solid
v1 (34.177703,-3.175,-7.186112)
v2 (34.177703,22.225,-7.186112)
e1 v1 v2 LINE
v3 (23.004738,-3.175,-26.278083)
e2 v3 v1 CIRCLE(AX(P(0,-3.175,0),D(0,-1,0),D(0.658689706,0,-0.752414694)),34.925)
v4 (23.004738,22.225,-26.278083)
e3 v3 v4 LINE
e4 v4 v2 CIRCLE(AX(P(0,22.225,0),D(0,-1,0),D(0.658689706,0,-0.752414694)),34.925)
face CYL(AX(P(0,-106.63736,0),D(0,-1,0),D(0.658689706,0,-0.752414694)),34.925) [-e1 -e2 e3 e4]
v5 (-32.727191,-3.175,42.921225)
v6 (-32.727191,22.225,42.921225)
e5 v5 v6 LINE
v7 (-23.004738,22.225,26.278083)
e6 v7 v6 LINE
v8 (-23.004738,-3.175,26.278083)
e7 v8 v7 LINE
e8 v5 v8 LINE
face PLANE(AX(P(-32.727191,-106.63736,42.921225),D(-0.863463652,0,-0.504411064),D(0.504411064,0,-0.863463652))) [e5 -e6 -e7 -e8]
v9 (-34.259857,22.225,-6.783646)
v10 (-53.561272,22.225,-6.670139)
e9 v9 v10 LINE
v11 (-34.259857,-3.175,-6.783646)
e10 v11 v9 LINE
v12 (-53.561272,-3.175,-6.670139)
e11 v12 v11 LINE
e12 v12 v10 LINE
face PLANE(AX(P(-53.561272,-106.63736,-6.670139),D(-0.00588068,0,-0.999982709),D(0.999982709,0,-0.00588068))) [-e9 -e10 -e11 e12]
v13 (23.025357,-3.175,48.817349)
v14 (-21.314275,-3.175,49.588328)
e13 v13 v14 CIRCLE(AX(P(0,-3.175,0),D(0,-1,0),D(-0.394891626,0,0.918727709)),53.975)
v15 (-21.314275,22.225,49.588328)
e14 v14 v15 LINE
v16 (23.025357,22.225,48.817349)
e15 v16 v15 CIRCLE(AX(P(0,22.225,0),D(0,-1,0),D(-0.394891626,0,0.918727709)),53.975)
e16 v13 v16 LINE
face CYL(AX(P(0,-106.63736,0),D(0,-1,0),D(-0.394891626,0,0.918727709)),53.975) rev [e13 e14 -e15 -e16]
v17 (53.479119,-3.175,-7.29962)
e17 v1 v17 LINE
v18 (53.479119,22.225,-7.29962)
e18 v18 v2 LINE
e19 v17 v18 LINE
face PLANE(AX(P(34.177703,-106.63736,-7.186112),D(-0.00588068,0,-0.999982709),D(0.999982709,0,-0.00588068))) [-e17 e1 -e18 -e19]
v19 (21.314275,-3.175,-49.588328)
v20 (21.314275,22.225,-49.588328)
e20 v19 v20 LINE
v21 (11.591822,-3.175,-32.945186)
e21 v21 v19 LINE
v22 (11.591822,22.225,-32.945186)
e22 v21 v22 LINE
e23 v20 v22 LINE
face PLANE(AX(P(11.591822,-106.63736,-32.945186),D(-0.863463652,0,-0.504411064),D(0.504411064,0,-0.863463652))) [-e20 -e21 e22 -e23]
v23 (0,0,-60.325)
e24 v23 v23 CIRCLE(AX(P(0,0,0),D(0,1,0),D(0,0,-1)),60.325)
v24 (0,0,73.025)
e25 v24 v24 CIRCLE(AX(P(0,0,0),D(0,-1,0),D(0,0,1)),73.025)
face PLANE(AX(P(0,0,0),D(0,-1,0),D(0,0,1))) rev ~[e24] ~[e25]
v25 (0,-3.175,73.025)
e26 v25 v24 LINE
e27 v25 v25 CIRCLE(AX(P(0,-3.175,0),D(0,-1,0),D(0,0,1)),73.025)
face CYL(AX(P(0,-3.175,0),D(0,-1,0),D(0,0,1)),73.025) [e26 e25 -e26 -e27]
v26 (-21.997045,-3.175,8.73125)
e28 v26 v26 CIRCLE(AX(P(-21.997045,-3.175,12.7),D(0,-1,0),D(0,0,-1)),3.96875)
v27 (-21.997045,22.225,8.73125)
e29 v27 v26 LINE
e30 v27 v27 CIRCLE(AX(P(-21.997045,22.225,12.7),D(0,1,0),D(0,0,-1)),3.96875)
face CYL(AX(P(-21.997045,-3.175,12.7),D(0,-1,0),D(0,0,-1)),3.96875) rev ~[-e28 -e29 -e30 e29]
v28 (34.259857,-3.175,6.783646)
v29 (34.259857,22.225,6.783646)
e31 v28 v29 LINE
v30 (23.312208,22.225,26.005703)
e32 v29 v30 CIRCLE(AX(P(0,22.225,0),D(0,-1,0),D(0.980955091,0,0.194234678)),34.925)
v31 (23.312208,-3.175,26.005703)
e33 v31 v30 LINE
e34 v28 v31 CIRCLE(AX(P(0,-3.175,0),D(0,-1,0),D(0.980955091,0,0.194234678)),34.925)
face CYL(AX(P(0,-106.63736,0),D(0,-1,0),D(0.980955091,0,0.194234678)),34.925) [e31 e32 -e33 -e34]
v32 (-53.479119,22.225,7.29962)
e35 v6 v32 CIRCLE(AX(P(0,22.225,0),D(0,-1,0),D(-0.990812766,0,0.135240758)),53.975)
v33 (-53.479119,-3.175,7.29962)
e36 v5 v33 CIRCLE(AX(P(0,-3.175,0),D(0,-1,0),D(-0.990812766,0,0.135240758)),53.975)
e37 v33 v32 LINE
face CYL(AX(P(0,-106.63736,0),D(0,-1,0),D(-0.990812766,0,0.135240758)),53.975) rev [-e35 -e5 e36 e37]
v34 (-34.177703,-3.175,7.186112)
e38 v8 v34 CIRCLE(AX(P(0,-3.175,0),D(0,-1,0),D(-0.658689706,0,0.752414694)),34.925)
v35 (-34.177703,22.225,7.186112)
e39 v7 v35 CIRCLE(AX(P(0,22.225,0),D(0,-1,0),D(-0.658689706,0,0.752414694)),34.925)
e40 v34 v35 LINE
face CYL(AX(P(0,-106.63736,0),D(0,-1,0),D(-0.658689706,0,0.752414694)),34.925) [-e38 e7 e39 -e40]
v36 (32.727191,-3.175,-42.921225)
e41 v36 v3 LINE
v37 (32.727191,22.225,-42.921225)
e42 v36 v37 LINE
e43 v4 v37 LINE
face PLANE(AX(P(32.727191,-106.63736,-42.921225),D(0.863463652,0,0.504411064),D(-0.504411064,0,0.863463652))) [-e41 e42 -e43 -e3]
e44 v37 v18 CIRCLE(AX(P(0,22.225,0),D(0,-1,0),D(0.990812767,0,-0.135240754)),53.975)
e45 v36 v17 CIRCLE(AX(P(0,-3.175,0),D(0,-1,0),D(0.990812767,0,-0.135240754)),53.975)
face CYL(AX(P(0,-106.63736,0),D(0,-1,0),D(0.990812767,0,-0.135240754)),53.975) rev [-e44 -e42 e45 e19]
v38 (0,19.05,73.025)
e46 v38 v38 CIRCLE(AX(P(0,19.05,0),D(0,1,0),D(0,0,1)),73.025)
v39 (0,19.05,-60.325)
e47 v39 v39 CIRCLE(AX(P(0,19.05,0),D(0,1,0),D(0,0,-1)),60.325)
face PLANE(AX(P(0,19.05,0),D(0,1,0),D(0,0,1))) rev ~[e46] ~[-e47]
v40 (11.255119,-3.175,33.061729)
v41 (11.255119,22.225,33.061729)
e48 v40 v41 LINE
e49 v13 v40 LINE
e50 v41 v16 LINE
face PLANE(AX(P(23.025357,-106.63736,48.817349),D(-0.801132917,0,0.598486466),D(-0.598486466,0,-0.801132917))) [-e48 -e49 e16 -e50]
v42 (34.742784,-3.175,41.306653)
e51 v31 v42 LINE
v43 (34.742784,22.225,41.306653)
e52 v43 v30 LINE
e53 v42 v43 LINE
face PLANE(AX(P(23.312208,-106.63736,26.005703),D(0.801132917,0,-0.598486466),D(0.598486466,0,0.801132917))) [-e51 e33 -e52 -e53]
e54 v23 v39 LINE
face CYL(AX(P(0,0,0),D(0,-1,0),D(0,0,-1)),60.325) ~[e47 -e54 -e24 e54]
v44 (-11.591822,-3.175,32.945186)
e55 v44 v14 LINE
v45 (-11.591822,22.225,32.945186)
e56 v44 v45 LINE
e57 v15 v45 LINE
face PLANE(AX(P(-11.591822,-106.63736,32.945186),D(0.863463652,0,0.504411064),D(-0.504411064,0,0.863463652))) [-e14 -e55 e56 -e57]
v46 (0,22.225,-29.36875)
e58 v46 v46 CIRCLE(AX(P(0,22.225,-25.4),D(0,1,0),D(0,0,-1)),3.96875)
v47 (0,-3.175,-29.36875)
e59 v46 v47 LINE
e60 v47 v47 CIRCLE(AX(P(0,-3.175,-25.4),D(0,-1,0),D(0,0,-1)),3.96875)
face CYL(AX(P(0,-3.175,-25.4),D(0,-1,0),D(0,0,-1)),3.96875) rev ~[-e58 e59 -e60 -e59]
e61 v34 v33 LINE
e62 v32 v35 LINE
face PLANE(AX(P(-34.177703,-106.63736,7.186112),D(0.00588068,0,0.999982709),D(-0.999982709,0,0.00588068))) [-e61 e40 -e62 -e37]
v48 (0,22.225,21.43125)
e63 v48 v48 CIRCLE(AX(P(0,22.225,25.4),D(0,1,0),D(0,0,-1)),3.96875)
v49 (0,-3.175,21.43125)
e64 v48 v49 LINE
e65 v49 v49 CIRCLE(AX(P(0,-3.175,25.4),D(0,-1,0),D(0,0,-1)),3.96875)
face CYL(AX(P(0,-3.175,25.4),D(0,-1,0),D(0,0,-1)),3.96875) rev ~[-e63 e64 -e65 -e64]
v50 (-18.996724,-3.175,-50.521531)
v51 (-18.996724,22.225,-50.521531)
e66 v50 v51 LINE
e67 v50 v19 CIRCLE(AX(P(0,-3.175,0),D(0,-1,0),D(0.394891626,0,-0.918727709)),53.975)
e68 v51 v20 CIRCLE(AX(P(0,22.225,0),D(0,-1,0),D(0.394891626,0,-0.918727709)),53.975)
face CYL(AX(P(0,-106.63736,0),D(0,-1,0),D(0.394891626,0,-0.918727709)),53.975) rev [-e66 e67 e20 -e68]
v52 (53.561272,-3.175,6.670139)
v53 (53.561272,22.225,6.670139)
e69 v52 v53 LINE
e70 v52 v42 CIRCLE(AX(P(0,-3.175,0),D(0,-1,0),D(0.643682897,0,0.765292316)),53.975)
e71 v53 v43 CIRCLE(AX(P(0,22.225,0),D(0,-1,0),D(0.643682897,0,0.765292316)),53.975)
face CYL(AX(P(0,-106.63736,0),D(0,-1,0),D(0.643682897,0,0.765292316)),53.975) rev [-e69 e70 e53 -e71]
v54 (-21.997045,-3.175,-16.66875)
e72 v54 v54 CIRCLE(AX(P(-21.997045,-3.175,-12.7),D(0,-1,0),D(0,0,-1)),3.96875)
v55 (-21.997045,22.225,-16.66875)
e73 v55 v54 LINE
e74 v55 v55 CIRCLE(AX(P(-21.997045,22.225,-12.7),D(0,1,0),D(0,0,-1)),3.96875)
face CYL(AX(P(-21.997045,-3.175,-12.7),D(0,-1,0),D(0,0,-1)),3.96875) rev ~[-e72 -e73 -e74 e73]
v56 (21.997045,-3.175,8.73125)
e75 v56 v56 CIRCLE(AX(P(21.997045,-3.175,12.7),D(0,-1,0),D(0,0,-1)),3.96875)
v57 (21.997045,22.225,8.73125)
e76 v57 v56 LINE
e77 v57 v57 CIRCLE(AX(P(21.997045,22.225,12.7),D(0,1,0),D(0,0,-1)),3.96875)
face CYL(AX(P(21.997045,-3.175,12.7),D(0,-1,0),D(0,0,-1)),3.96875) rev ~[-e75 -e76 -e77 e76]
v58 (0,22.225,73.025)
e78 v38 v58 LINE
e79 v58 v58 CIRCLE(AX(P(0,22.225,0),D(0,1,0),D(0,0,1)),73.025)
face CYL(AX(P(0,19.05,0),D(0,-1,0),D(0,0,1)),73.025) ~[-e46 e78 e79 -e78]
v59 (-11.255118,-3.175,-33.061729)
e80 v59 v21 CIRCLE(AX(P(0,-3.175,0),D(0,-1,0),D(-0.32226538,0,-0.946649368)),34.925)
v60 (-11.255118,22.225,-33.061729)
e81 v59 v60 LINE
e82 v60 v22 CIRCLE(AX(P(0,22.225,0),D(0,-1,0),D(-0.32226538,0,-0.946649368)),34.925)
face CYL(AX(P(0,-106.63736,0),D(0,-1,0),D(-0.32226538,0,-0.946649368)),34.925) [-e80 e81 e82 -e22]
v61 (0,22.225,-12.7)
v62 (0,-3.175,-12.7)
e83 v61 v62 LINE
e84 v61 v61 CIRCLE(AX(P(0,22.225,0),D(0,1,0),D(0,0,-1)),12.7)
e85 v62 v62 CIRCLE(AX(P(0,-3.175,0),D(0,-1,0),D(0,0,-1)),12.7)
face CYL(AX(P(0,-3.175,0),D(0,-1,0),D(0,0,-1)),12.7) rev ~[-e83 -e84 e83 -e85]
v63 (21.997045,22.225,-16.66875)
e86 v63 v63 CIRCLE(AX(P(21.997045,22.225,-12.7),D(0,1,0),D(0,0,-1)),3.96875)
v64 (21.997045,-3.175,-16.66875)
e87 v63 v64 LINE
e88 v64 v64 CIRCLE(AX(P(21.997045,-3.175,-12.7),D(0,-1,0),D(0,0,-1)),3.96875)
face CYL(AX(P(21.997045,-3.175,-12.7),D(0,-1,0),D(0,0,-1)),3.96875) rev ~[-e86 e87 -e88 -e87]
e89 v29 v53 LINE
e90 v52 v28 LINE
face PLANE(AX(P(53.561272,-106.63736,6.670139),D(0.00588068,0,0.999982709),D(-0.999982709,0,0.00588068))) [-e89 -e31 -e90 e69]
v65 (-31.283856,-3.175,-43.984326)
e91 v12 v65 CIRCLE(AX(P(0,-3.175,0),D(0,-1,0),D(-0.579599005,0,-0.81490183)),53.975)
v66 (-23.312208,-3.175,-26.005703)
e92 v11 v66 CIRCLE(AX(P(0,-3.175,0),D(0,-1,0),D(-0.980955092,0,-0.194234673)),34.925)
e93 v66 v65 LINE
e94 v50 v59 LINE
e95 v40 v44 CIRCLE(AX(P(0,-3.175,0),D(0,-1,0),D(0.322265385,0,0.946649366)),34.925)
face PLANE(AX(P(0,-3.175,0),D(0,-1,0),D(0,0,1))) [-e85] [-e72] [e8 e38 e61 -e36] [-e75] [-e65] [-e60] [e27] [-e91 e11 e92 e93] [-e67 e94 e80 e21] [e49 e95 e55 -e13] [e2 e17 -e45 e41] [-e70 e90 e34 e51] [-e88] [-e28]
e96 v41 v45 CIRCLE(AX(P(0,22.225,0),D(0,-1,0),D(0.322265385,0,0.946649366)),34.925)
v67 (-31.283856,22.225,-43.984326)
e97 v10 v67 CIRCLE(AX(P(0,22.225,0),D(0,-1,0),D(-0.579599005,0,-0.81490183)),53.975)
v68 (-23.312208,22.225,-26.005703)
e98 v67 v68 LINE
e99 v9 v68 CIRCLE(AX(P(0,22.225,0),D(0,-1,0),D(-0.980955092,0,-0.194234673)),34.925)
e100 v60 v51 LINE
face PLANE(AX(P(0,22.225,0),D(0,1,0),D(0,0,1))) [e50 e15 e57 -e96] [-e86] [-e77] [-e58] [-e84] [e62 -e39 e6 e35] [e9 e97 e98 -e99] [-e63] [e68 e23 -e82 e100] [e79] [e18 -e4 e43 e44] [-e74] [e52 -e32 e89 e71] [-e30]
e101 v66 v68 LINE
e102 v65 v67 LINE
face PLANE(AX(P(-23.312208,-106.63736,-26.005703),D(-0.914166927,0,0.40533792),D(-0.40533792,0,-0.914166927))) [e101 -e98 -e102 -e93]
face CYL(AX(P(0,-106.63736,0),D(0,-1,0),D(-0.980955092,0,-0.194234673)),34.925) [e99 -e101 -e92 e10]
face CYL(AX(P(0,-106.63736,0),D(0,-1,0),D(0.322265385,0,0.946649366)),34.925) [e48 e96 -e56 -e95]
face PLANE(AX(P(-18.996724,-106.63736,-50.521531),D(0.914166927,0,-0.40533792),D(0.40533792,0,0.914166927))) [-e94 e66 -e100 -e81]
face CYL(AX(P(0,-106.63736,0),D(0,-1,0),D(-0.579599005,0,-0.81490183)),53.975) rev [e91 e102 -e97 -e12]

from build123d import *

# Parameters (mm, degrees)
SKETCH2_R               = 60.325
SKETCH2_R_2             = 3.96875
SKETCH2_R_3             = 12.7
BOSS_EXTRUDE1_DEPTH     = 19.05
SKETCH3_R               = 73.025
SKETCH3_R_2             = 3.96875
SKETCH3_R_3             = 12.7
BOSS_EXTRUDE2_DEPTH     = 3.175
BOSS_EXTRUDE3_START     = 3.175
SKETCH4_R               = 73.025
SKETCH4_R_2             = 12.7
SKETCH4_R_3             = 3.96875
BOSS_EXTRUDE3_DEPTH     = 3.175
CUT_EXTRUDE1_DEPTH      = 106.637360224
CUT_EXTRUDE1_DEPTH_BACK = 106.637360224


with BuildPart() as part:
    # Sketch2 → Boss-Extrude1 (new body)
    with BuildSketch(Plane(origin=(0, 0, 0), x_dir=(1, 0, 0), z_dir=(0, 1, 0))):
        with Locations(Location((0, 0, 0), (0, 0, 90))):
            Circle(SKETCH2_R)
        with Locations(Location((0, 25.4, 0), (0, 0, 90))):
            Circle(SKETCH2_R_2, mode=Mode.SUBTRACT)
        with Locations(Location((21.997045256, 12.7, 0), (0, 0, 90))):
            Circle(SKETCH2_R_2, mode=Mode.SUBTRACT)
        with Locations(Location((21.997045256, -12.7, 0), (0, 0, 90))):
            Circle(SKETCH2_R_2, mode=Mode.SUBTRACT)
        with Locations(Location((0, -25.4, 0), (0, 0, 90))):
            Circle(SKETCH2_R_2, mode=Mode.SUBTRACT)
        with Locations(Location((-21.997045256, -12.7, 0), (0, 0, 90))):
            Circle(SKETCH2_R_2, mode=Mode.SUBTRACT)
        with Locations(Location((-21.997045256, 12.7, 0), (0, 0, 90))):
            Circle(SKETCH2_R_2, mode=Mode.SUBTRACT)
        with Locations(Location((0, 0, 0), (0, 0, 90))):
            Circle(SKETCH2_R_3, mode=Mode.SUBTRACT)
    extrude(amount=BOSS_EXTRUDE1_DEPTH)

    # Sketch3 → Boss-Extrude2 (add)
    with BuildSketch(Plane(origin=(0, 19.05, 0), x_dir=(1, 0, 0), z_dir=(0, 1, 0))):
        with Locations(Location((0, 0, 0), (0, 0, 270))):
            Circle(SKETCH3_R)
        with Locations(Location((0, 25.4, 0), (0, 0, 90))):
            Circle(SKETCH3_R_2, mode=Mode.SUBTRACT)
        with Locations(Location((21.997045256, 12.7, 0), (0, 0, 90))):
            Circle(SKETCH3_R_2, mode=Mode.SUBTRACT)
        with Locations(Location((21.997045256, -12.7, 0), (0, 0, 90))):
            Circle(SKETCH3_R_2, mode=Mode.SUBTRACT)
        with Locations(Location((0, -25.4, 0), (0, 0, 90))):
            Circle(SKETCH3_R_2, mode=Mode.SUBTRACT)
        with Locations(Location((-21.997045256, -12.7, 0), (0, 0, 90))):
            Circle(SKETCH3_R_2, mode=Mode.SUBTRACT)
        with Locations(Location((0, 0, 0), (0, 0, 90))):
            Circle(SKETCH3_R_3, mode=Mode.SUBTRACT)
        with Locations(Location((-21.997045256, 12.7, 0), (0, 0, 90))):
            Circle(SKETCH3_R_2, mode=Mode.SUBTRACT)
    extrude(amount=BOSS_EXTRUDE2_DEPTH)

    # Sketch4 → Boss-Extrude3 (add)
    with BuildSketch(Plane.XZ.offset(BOSS_EXTRUDE3_START)):
        with Locations(Location((0, 0, 0), (0, 0, 90))):
            Circle(SKETCH4_R)
        with Locations(Location((0, 0, 0), (0, 0, 270))):
            Circle(SKETCH4_R_2, mode=Mode.SUBTRACT)
        with Locations(Location((-21.997045256, -12.7, 0), (0, 0, 270))):
            Circle(SKETCH4_R_3, mode=Mode.SUBTRACT)
        with Locations(Location((0, -25.4, 0), (0, 0, 270))):
            Circle(SKETCH4_R_3, mode=Mode.SUBTRACT)
        with Locations(Location((21.997045256, -12.7, 0), (0, 0, 270))):
            Circle(SKETCH4_R_3, mode=Mode.SUBTRACT)
        with Locations(Location((21.997045256, 12.7, 0), (0, 0, 270))):
            Circle(SKETCH4_R_3, mode=Mode.SUBTRACT)
        with Locations(Location((0, 25.4, 0), (0, 0, 270))):
            Circle(SKETCH4_R_3, mode=Mode.SUBTRACT)
        with Locations(Location((-21.997045256, 12.7, 0), (0, 0, 270))):
            Circle(SKETCH4_R_3, mode=Mode.SUBTRACT)
    extrude(amount=-BOSS_EXTRUDE3_DEPTH)

    # Sketch6 → Cut-Extrude1 (cut, two sides: drawn at the far end of the back side and taken through both)
    with BuildSketch(Plane(origin=(0, 0, 0), x_dir=(1, 0, 0), z_dir=(0, 1, 0)).offset(-CUT_EXTRUDE1_DEPTH_BACK)):
        with BuildLine():
            ThreePointArc((21.314275493, 49.588328115), (1.249191015, 53.960542499), (-18.996723984, 50.521531082))
            Line((-18.996723984, 50.521531082), (-11.255118383, 33.061729162))
            ThreePointArc((-11.255118383, 33.061729162), (0.178151467, 34.924545624), (11.591822226, 32.945186029))
            Line((11.591822226, 32.945186029), (21.314275493, 49.588328115))
        make_face()
        with BuildLine():
            ThreePointArc((-31.283856312, 43.984326291), (-46.343943604, 27.668384778), (-53.561272173, 6.670138541))
            Line((-53.561272173, 6.670138541), (-34.259856576, 6.783645952))
            ThreePointArc((-34.259856576, 6.783645952), (-30.348105608, 17.284331372), (-23.312207546, 26.005703304))
            Line((-23.312207546, 26.005703304), (-31.283856312, 43.984326291))
        make_face()
        with BuildLine():
            ThreePointArc((-53.47911905, -7.299619899), (-46.638038937, -27.169724863), (-32.727191245, -42.921225264))
            Line((-32.727191245, -42.921225264), (-23.004737979, -26.278083178))
            ThreePointArc((-23.004737979, -26.278083178), (-30.1427228, -17.640064829), (-34.177703438, -7.186112487))
            Line((-34.177703438, -7.186112487), (-53.47911905, -7.299619899))
        make_face()
        with BuildLine():
            Line((-11.591822226, -32.945186029), (-21.314275493, -49.588328115))
            ThreePointArc((-21.314275493, -49.588328115), (0.938377322, -53.966842348), (23.025356811, -48.817349054))
            Line((23.025356811, -48.817349054), (11.255118563, -33.061729101))
            ThreePointArc((11.255118563, -33.061729101), (-0.178151371, -34.924545625), (-11.591822226, -32.945186029))
        make_face()
        with BuildLine():
            Line((23.312207688, -26.005703177), (34.742784352, -41.306652739))
            ThreePointArc((34.742784352, -41.306652739), (47.427034742, -25.767751175), (53.56127215, -6.670138728))
            Line((53.56127215, -6.670138728), (34.259856539, -6.783646139))
            ThreePointArc((34.259856539, -6.783646139), (30.348105608, -17.284331372), (23.312207688, -26.005703177))
        make_face()
        with BuildLine():
            Line((34.177703478, 7.186112301), (53.479119075, 7.299619712))
            ThreePointArc((53.479119075, 7.299619712), (46.638038984, 27.169724781), (32.727191245, 42.921225264))
            Line((32.727191245, 42.921225264), (23.004737979, 26.278083178))
            ThreePointArc((23.004737979, 26.278083178), (30.142722848, 17.640064747), (34.177703478, 7.186112301))
        make_face()
    extrude(amount=CUT_EXTRUDE1_DEPTH + CUT_EXTRUDE1_DEPTH_BACK, mode=Mode.SUBTRACT)


solid = part.part
